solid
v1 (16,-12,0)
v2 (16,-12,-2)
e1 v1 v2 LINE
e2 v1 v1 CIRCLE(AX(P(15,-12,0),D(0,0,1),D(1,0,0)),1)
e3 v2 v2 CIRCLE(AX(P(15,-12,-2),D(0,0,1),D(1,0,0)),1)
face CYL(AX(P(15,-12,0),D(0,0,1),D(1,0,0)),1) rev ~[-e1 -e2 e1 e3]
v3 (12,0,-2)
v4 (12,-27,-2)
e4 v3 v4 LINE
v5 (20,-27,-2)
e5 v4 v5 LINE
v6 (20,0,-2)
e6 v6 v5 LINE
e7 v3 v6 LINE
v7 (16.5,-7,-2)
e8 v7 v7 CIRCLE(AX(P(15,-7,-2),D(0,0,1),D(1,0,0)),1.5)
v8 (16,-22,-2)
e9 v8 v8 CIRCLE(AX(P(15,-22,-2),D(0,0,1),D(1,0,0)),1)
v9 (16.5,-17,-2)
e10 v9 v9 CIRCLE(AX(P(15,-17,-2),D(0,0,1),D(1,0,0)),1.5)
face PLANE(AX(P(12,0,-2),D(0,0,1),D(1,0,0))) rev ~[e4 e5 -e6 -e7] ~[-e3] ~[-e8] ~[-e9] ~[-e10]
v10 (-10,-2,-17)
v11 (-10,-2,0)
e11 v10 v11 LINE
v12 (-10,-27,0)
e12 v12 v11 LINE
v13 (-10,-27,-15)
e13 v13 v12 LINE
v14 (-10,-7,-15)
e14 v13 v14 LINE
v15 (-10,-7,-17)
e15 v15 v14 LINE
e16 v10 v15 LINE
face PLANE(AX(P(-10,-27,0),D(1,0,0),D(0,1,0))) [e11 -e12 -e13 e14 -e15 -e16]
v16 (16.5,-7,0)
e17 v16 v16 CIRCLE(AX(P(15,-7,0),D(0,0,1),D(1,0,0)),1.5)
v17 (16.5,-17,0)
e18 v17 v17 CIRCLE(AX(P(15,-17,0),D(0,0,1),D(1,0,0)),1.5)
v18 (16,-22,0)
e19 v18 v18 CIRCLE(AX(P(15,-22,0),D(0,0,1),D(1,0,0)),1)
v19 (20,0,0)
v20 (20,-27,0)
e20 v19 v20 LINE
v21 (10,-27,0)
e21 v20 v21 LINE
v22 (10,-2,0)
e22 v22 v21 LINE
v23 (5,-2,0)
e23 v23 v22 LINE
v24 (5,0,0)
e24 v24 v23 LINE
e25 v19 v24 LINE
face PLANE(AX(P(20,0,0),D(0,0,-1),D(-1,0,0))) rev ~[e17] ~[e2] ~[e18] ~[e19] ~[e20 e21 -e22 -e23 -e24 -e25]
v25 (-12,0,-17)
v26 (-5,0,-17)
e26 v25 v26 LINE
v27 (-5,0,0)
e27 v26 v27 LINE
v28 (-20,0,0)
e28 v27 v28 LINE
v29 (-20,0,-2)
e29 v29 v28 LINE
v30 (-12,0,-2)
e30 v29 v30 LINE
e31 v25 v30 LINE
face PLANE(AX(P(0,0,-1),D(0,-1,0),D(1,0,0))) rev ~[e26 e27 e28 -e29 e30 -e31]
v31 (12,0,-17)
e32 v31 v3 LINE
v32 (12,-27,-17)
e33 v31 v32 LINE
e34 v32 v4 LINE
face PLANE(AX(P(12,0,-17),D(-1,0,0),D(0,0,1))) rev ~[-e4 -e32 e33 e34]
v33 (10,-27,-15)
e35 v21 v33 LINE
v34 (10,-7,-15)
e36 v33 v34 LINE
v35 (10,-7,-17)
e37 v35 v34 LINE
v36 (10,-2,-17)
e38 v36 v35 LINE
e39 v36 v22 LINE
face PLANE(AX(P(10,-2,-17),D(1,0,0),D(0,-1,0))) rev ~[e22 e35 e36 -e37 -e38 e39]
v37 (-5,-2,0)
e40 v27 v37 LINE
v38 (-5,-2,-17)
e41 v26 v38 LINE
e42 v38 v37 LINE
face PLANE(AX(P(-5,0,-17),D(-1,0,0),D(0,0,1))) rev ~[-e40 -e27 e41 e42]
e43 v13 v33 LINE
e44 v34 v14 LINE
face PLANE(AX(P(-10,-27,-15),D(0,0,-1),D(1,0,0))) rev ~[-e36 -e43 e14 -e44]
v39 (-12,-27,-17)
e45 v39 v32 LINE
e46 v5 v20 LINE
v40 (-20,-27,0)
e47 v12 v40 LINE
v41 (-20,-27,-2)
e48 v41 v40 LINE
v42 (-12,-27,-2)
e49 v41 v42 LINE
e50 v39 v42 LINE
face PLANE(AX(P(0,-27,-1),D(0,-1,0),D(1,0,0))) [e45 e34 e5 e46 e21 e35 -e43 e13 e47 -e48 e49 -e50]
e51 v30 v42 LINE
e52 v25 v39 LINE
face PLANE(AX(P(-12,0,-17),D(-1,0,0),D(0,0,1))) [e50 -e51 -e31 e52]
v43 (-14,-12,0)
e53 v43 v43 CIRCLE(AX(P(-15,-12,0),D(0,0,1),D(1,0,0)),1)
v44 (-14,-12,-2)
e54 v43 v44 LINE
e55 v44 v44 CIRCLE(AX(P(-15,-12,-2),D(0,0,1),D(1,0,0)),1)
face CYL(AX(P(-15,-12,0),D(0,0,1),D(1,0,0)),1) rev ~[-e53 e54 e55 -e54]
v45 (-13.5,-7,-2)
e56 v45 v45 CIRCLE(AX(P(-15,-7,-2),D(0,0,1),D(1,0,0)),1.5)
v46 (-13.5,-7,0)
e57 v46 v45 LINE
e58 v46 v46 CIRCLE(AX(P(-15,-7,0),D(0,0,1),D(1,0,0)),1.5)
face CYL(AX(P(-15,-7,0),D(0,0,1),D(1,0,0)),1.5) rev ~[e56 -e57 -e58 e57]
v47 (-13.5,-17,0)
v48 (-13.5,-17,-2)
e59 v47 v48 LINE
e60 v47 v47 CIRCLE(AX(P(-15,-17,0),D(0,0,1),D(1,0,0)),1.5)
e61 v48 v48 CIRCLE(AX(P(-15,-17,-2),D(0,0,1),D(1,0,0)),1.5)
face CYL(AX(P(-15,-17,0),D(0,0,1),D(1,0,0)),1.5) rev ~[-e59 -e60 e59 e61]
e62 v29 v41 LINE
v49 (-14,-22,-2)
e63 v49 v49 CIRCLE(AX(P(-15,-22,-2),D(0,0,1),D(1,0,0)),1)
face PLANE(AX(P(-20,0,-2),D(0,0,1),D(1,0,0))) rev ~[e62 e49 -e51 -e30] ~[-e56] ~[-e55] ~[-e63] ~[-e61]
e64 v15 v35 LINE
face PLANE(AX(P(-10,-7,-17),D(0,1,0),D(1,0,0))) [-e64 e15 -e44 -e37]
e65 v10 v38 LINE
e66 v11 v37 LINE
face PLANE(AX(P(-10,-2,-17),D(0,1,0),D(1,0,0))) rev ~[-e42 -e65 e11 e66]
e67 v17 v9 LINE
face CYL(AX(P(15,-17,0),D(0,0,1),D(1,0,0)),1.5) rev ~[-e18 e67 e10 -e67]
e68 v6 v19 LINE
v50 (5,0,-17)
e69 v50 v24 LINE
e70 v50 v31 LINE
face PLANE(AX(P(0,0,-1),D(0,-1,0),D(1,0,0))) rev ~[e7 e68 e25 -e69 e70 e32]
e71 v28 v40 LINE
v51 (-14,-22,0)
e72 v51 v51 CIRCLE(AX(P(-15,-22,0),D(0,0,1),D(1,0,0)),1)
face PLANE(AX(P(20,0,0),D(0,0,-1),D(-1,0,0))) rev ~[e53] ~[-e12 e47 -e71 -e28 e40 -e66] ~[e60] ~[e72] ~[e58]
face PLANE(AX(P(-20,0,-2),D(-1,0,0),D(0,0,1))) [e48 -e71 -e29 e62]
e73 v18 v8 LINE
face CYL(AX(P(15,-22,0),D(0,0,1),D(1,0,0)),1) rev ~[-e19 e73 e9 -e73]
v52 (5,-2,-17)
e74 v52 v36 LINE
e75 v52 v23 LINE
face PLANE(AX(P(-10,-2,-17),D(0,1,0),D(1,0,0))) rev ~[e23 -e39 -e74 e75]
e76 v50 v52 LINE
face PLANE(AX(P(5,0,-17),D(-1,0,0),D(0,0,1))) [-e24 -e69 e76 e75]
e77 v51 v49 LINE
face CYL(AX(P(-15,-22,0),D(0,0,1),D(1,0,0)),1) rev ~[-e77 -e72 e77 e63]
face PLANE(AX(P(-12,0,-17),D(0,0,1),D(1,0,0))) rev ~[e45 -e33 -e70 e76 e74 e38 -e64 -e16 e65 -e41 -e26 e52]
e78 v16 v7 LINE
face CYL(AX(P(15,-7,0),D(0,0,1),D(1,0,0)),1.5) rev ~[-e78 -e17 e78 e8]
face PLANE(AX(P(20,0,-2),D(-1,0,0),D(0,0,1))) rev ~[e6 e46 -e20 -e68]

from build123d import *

# Parameters (mm, degrees)
F0_W      = 24
F0_H      = 2
F0_W_2    = 8
F0_H_2    = 15
F1_DEPTH  = 27
F2_W      = 20
F2_H      = 5
F3_DEPTH  = 17.001
F4_W      = 10
F4_H      = 17
F5_DEPTH  = 2
F6_W      = 20
F6_H      = 13
F7_DEPTH  = 25
F8_W      = 20
F8_H      = 20
F9_DEPTH  = 2
F10_R     = 1
F10_R_2   = 1.5
F11_DEPTH = 17.001
F12_R     = 1
F12_R_2   = 1.5
F13_DEPTH = 17.001


with BuildPart() as f1:
    # F0 (on Front) → F1 (new body)
    with BuildSketch(Plane.XZ):
        with Locations((0, -1)):
            Rectangle(F0_W, F0_H)
        with Locations((16, -1)):
            Rectangle(F0_W_2, F0_H)
        with Locations((-16, -1)):
            Rectangle(F0_W_2, F0_H)
        with Locations((0, -9.5)):
            Rectangle(F0_W, F0_H_2)
    extrude(amount=F1_DEPTH)

    # F2 (on face) → F3 (cut, through all)
    with BuildSketch(Plane(origin=(0, 0, -17), x_dir=(1, 0, 0), z_dir=(0, 0, -1))):
        with Locations((0, 4.5)):
            Rectangle(F2_W, F2_H)
    extrude(amount=-F3_DEPTH, mode=Mode.SUBTRACT)

    # F4 (on face) → F5 (cut, through all)
    with BuildSketch(Plane(origin=(0, 0, 0), x_dir=(-1, 0, 0), z_dir=(0, 1, 0))):
        with Locations((0, -8.5)):
            Rectangle(F4_W, F4_H)
    extrude(amount=-F5_DEPTH, mode=Mode.SUBTRACT)

    # F6 (on face) → F7 (cut, through all)
    with BuildSketch(Plane.XZ.offset(27)):
        with Locations((0, -8.5)):
            Rectangle(F6_W, F6_H)
    extrude(amount=-F7_DEPTH, mode=Mode.SUBTRACT)

    # F8 (on face) → F9 (cut, through all)
    with BuildSketch(Plane.XY):
        with Locations((0, -17)):
            Rectangle(F8_W, F8_H)
    extrude(amount=-F9_DEPTH, mode=Mode.SUBTRACT)

    # F10 (on face) → F11 (cut, through all)
    with BuildSketch(Plane.XY):
        with Locations((15, -22)):
            Circle(F10_R)
        with Locations((15, -17)):
            Circle(F10_R_2)
        with Locations((15, -12)):
            Circle(F10_R)
        with Locations((15, -7)):
            Circle(F10_R_2)
    extrude(amount=-F11_DEPTH, mode=Mode.SUBTRACT)

    # F12 (on face) → F13 (cut, through all)
    with BuildSketch(Plane.XY):
        with Locations((-15, -22)):
            Circle(F12_R)
        with Locations((-15, -17)):
            Circle(F12_R_2)
        with Locations((-15, -12)):
            Circle(F12_R)
        with Locations((-15, -7)):
            Circle(F12_R_2)
    extrude(amount=-F13_DEPTH, mode=Mode.SUBTRACT)


solid = f1.part
